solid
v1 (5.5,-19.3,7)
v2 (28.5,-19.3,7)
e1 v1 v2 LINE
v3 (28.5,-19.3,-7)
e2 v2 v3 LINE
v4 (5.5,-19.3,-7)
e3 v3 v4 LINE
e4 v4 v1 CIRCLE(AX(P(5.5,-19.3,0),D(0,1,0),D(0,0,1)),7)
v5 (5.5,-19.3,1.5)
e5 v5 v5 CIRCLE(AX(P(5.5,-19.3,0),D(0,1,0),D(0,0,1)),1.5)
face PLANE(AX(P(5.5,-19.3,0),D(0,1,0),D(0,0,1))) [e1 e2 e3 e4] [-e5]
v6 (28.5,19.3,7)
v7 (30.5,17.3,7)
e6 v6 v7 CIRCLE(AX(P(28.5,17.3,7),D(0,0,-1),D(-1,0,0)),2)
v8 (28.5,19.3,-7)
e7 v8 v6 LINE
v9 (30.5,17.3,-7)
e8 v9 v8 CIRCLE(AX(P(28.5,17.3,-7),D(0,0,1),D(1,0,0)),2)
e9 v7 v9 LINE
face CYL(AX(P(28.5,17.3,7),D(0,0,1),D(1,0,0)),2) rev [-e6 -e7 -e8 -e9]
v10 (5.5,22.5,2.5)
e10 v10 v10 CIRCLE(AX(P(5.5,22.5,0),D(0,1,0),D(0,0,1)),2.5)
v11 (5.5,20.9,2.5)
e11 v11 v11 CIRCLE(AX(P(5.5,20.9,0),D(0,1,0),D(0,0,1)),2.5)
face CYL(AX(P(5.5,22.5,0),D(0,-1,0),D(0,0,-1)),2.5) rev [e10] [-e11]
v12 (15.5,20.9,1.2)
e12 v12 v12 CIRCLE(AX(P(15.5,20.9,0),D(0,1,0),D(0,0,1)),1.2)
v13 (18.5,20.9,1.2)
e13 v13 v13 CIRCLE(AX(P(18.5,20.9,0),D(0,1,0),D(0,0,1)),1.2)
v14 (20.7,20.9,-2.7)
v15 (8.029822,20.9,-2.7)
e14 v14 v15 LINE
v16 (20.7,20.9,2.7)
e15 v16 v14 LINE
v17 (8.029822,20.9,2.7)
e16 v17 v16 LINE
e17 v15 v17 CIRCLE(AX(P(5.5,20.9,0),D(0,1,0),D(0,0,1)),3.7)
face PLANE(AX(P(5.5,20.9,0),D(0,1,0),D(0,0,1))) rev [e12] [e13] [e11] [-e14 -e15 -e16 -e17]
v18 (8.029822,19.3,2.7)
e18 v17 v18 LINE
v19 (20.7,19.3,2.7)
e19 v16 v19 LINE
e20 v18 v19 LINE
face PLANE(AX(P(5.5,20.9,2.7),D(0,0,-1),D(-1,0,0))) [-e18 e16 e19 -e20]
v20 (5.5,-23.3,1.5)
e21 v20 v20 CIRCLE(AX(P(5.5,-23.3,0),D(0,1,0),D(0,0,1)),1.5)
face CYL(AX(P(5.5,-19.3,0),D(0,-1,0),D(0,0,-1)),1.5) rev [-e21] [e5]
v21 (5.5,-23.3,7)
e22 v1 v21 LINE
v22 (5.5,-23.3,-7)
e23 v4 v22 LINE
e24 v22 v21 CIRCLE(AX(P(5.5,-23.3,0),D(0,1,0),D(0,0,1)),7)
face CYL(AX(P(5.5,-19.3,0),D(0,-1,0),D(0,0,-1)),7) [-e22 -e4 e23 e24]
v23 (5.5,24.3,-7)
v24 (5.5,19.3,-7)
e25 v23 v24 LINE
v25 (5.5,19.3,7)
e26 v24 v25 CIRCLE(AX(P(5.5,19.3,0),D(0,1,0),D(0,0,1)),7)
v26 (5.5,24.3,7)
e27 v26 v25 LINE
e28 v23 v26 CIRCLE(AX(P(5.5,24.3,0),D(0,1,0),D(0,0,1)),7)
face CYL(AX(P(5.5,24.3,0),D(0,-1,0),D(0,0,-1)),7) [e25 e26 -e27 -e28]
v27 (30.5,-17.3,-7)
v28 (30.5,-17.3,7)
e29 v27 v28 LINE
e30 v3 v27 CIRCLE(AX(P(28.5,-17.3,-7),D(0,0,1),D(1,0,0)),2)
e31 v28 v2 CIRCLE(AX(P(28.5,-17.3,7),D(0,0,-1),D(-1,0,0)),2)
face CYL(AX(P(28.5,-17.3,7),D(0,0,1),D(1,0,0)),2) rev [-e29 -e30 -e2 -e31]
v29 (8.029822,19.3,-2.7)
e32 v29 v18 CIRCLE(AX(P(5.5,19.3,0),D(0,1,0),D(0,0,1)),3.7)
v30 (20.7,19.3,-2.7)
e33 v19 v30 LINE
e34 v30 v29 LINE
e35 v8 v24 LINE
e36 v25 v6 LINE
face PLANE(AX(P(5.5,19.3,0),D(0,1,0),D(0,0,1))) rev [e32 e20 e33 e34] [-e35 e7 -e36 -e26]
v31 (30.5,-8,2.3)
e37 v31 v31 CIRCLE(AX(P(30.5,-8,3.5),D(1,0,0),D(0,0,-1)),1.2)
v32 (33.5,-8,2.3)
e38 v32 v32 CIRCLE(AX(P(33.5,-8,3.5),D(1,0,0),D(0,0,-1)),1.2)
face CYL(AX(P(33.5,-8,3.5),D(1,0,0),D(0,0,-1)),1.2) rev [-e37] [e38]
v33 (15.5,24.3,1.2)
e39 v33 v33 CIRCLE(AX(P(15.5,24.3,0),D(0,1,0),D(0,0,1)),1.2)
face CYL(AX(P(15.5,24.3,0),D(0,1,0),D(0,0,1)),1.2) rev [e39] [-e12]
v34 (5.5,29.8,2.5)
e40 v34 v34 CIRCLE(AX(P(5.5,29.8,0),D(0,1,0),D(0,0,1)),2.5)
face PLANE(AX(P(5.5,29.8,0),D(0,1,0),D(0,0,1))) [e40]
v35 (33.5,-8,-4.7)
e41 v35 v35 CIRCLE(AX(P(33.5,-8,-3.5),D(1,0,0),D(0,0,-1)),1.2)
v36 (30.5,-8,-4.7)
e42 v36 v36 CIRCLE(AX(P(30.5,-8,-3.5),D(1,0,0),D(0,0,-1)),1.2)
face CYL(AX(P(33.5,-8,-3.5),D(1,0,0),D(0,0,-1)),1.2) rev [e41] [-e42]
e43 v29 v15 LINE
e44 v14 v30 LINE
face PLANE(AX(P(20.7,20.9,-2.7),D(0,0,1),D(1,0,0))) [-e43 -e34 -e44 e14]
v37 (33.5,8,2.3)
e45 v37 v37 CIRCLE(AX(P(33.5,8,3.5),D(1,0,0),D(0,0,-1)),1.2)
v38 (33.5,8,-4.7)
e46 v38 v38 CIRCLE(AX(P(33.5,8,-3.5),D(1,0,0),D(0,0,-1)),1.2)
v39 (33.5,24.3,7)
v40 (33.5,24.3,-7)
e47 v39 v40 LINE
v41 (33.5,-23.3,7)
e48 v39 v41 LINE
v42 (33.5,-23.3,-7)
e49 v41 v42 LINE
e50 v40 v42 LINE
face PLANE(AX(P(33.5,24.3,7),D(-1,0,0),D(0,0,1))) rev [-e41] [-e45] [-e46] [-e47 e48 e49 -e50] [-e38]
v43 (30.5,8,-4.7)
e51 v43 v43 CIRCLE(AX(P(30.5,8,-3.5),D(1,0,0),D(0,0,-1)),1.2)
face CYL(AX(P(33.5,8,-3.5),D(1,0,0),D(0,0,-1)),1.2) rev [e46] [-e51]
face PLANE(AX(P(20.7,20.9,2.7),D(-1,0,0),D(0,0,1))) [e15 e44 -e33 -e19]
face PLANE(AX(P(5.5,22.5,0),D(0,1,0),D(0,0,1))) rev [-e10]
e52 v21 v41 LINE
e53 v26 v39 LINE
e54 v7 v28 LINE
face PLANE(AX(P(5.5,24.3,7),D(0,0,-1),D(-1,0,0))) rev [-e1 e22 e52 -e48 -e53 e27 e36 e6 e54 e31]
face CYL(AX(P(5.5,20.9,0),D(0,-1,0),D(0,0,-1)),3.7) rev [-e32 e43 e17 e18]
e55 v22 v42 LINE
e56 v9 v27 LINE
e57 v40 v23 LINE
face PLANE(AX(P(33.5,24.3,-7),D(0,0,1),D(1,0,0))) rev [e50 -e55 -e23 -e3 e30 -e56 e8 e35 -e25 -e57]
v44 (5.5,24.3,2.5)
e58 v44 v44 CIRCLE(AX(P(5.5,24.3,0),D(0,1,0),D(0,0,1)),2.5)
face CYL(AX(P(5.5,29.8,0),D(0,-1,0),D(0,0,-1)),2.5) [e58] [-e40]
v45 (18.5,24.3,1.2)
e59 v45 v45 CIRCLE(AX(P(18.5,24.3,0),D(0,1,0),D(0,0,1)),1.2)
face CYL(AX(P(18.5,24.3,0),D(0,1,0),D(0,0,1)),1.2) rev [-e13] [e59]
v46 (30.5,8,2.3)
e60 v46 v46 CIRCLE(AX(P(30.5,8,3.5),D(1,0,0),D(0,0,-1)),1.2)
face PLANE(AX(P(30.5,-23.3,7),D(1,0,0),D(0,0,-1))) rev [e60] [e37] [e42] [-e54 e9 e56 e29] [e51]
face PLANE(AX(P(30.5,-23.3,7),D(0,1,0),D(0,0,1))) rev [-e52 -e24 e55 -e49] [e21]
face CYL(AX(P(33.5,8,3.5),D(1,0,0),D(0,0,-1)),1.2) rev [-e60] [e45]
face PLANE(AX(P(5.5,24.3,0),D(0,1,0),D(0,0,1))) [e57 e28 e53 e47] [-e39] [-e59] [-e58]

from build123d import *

# Parameters (mm, degrees)
BOSS_EXTRUDE1_DEPTH      = 5
BOSS_EXTRUDE2_DEPTH      = 4
SKETCH3_W                = 3
SKETCH3_H                = 47.6
BOSS_EXTRUDE3_DEPTH      = 7
SKETCH4_R                = 2.5
BOSS_EXTRUDE4_DEPTH      = 5.5
SKETCH5_R                = 3.7
CUT_EXTRUDE2_DEPTH       = 1.6
CUT_EXTRUDE4_DEPTH       = 1.6
SKETCH7_R                = 2.5
CUT_EXTRUDE6_DEPTH       = 1.6
SKETCH8_R                = 1.5
CUT_EXTRUDE8_DEPTH       = 4
M2_CLEARANCE_HOLE1_D     = 2.4
M2_CLEARANCE_HOLE1_DEPTH = 5
M2_CLEARANCE_HOLE1_TIP   = 0.721032743
M2_CLEARANCE_HOLE2_D     = 2.4
M2_CLEARANCE_HOLE2_DEPTH = 5
M2_CLEARANCE_HOLE2_TIP   = 0.721032743
M2_CLEARANCE_HOLE3_D     = 2.4
M2_CLEARANCE_HOLE3_DEPTH = 35
M2_CLEARANCE_HOLE4_D     = 2.4
M2_CLEARANCE_HOLE4_DEPTH = 35
M2_CLEARANCE_HOLE5_D     = 2.4
M2_CLEARANCE_HOLE5_DEPTH = 35
M2_CLEARANCE_HOLE6_D     = 2.4
M2_CLEARANCE_HOLE6_DEPTH = 35
FILLET1_R                = 2


with BuildPart() as part:
    # Sketch1 → Boss-Extrude1 (new body)
    with BuildSketch(Plane(origin=(0, 19.3, 0), x_dir=(1, 0, 0), z_dir=(0, 1, 0))):
        with BuildLine():
            Line((5.5, -7), (33.5, -7))
            Line((33.5, -7), (33.5, 7))
            Line((33.5, 7), (5.5, 7))
            ThreePointArc((5.5, 7), (-1.5, 0), (5.5, -7))
        make_face()
    extrude(amount=BOSS_EXTRUDE1_DEPTH)



with BuildPart() as body_2:
    # Sketch2 → Boss-Extrude2 (new body)
    with BuildSketch(Plane(origin=(0, -23.3, 0), x_dir=(1, 0, 0), z_dir=(0, 1, 0))):
        with BuildLine():
            Line((5.5, -7), (33.5, -7))
            Line((33.5, -7), (33.5, 7))
            Line((33.5, 7), (5.5, 7))
            ThreePointArc((5.5, 7), (-1.5, 0), (5.5, -7))
        make_face()
    extrude(amount=BOSS_EXTRUDE2_DEPTH)


with BuildPart() as part_1:
    add(part.part)

    add(body_2.part)  # Boss-Extrude3 merges body 2
    # Sketch3 → Boss-Extrude3 (add, symmetric)
    with BuildSketch(Plane.XY):
        with Locations((32, 0.5)):
            Rectangle(SKETCH3_W, SKETCH3_H)
    extrude(amount=BOSS_EXTRUDE3_DEPTH, both=True)

    # Sketch4 → Boss-Extrude4 (add)
    with BuildSketch(Plane(origin=(0, 24.3, 0), x_dir=(1, 0, 0), z_dir=(0, 1, 0))):
        with Locations(Location((5.5, 0, 0), (0, 0, 270))):
            Circle(SKETCH4_R)
    extrude(amount=BOSS_EXTRUDE4_DEPTH)

    # Sketch5 → Cut-Extrude2 (cut)
    with BuildSketch(Plane(origin=(0, 19.3, 0), x_dir=(1, 0, 0), z_dir=(0, 1, 0))):
        with Locations(Location((5.5, 0, 0), (0, 0, 270))):
            Circle(SKETCH5_R)
    extrude(amount=CUT_EXTRUDE2_DEPTH, mode=Mode.SUBTRACT)

    # Sketch6 → Cut-Extrude4 (cut)
    with BuildSketch(Plane(origin=(0, 19.3, 0), x_dir=(1, 0, 0), z_dir=(0, 1, 0))):
        with BuildLine():
            Line((5.5, -2.7), (20.7, -2.7))
            Line((20.7, -2.7), (20.7, 2.7))
            Line((20.7, 2.7), (5.5, 2.7))
            ThreePointArc((5.5, 2.7), (2.8, 0), (5.5, -2.7))
        make_face()
    extrude(amount=CUT_EXTRUDE4_DEPTH, mode=Mode.SUBTRACT)

    # Sketch7 → Cut-Extrude6 (cut)
    with BuildSketch(Plane(origin=(0, 20.9, 0), x_dir=(1, 0, 0), z_dir=(0, 1, 0))):
        with Locations(Location((5.5, 0, 0), (0, 0, 270))):
            Circle(SKETCH7_R)
    extrude(amount=CUT_EXTRUDE6_DEPTH, mode=Mode.SUBTRACT)

    # Sketch8 → Cut-Extrude8 (cut)
    with BuildSketch(Plane(origin=(0, -23.3, 0), x_dir=(1, 0, 0), z_dir=(0, 1, 0))):
        with Locations(Location((5.5, 0, 0), (0, 0, 270))):
            Circle(SKETCH8_R)
    extrude(amount=CUT_EXTRUDE8_DEPTH, mode=Mode.SUBTRACT)

    # M2 Clearance Hole1
    with Locations(Plane(origin=(0, 24.3, 0), x_dir=(1, 0, 0), z_dir=(0, 1, 0))):
        with Locations((15.5, 0)):
            Hole(M2_CLEARANCE_HOLE1_D / 2, depth=M2_CLEARANCE_HOLE1_DEPTH)
            with Locations((0, 0, -(M2_CLEARANCE_HOLE1_DEPTH + M2_CLEARANCE_HOLE1_TIP / 2))):  # 118° drill point
                Cone(0, M2_CLEARANCE_HOLE1_D / 2, M2_CLEARANCE_HOLE1_TIP, mode=Mode.SUBTRACT)

    # M2 Clearance Hole2
    with Locations(Plane(origin=(0, 24.3, 0), x_dir=(1, 0, 0), z_dir=(0, 1, 0))):
        with Locations((18.5, 0)):
            Hole(M2_CLEARANCE_HOLE2_D / 2, depth=M2_CLEARANCE_HOLE2_DEPTH)
            with Locations((0, 0, -(M2_CLEARANCE_HOLE2_DEPTH + M2_CLEARANCE_HOLE2_TIP / 2))):  # 118° drill point
                Cone(0, M2_CLEARANCE_HOLE2_D / 2, M2_CLEARANCE_HOLE2_TIP, mode=Mode.SUBTRACT)

    # M2 Clearance Hole3
    with Locations(Plane(origin=(33.5, 0, 0), x_dir=(0, 0, -1), z_dir=(1, 0, 0))):
        with Locations((3.5, -8)):
            Hole(M2_CLEARANCE_HOLE3_D / 2, depth=M2_CLEARANCE_HOLE3_DEPTH)

    # M2 Clearance Hole4
    with Locations(Plane(origin=(33.5, 0, 0), x_dir=(0, 0, -1), z_dir=(1, 0, 0))):
        with Locations((-3.5, -8)):
            Hole(M2_CLEARANCE_HOLE4_D / 2, depth=M2_CLEARANCE_HOLE4_DEPTH)

    # M2 Clearance Hole5
    with Locations(Plane(origin=(33.5, 0, 0), x_dir=(0, 0, -1), z_dir=(1, 0, 0))):
        with Locations((3.5, 8)):
            Hole(M2_CLEARANCE_HOLE5_D / 2, depth=M2_CLEARANCE_HOLE5_DEPTH)

    # M2 Clearance Hole6
    with Locations(Plane(origin=(33.5, 0, 0), x_dir=(0, 0, -1), z_dir=(1, 0, 0))):
        with Locations((-3.5, 8)):
            Hole(M2_CLEARANCE_HOLE6_D / 2, depth=M2_CLEARANCE_HOLE6_DEPTH)

    # Fillet1
    fillet1_edges = [part_1.edges().sort_by_distance(p)[0] for p in [
        (30.5, 19.3, 0),
        (30.5, -19.3, 0),
    ]]
    fillet(fillet1_edges, radius=FILLET1_R)


solid = part_1.part
